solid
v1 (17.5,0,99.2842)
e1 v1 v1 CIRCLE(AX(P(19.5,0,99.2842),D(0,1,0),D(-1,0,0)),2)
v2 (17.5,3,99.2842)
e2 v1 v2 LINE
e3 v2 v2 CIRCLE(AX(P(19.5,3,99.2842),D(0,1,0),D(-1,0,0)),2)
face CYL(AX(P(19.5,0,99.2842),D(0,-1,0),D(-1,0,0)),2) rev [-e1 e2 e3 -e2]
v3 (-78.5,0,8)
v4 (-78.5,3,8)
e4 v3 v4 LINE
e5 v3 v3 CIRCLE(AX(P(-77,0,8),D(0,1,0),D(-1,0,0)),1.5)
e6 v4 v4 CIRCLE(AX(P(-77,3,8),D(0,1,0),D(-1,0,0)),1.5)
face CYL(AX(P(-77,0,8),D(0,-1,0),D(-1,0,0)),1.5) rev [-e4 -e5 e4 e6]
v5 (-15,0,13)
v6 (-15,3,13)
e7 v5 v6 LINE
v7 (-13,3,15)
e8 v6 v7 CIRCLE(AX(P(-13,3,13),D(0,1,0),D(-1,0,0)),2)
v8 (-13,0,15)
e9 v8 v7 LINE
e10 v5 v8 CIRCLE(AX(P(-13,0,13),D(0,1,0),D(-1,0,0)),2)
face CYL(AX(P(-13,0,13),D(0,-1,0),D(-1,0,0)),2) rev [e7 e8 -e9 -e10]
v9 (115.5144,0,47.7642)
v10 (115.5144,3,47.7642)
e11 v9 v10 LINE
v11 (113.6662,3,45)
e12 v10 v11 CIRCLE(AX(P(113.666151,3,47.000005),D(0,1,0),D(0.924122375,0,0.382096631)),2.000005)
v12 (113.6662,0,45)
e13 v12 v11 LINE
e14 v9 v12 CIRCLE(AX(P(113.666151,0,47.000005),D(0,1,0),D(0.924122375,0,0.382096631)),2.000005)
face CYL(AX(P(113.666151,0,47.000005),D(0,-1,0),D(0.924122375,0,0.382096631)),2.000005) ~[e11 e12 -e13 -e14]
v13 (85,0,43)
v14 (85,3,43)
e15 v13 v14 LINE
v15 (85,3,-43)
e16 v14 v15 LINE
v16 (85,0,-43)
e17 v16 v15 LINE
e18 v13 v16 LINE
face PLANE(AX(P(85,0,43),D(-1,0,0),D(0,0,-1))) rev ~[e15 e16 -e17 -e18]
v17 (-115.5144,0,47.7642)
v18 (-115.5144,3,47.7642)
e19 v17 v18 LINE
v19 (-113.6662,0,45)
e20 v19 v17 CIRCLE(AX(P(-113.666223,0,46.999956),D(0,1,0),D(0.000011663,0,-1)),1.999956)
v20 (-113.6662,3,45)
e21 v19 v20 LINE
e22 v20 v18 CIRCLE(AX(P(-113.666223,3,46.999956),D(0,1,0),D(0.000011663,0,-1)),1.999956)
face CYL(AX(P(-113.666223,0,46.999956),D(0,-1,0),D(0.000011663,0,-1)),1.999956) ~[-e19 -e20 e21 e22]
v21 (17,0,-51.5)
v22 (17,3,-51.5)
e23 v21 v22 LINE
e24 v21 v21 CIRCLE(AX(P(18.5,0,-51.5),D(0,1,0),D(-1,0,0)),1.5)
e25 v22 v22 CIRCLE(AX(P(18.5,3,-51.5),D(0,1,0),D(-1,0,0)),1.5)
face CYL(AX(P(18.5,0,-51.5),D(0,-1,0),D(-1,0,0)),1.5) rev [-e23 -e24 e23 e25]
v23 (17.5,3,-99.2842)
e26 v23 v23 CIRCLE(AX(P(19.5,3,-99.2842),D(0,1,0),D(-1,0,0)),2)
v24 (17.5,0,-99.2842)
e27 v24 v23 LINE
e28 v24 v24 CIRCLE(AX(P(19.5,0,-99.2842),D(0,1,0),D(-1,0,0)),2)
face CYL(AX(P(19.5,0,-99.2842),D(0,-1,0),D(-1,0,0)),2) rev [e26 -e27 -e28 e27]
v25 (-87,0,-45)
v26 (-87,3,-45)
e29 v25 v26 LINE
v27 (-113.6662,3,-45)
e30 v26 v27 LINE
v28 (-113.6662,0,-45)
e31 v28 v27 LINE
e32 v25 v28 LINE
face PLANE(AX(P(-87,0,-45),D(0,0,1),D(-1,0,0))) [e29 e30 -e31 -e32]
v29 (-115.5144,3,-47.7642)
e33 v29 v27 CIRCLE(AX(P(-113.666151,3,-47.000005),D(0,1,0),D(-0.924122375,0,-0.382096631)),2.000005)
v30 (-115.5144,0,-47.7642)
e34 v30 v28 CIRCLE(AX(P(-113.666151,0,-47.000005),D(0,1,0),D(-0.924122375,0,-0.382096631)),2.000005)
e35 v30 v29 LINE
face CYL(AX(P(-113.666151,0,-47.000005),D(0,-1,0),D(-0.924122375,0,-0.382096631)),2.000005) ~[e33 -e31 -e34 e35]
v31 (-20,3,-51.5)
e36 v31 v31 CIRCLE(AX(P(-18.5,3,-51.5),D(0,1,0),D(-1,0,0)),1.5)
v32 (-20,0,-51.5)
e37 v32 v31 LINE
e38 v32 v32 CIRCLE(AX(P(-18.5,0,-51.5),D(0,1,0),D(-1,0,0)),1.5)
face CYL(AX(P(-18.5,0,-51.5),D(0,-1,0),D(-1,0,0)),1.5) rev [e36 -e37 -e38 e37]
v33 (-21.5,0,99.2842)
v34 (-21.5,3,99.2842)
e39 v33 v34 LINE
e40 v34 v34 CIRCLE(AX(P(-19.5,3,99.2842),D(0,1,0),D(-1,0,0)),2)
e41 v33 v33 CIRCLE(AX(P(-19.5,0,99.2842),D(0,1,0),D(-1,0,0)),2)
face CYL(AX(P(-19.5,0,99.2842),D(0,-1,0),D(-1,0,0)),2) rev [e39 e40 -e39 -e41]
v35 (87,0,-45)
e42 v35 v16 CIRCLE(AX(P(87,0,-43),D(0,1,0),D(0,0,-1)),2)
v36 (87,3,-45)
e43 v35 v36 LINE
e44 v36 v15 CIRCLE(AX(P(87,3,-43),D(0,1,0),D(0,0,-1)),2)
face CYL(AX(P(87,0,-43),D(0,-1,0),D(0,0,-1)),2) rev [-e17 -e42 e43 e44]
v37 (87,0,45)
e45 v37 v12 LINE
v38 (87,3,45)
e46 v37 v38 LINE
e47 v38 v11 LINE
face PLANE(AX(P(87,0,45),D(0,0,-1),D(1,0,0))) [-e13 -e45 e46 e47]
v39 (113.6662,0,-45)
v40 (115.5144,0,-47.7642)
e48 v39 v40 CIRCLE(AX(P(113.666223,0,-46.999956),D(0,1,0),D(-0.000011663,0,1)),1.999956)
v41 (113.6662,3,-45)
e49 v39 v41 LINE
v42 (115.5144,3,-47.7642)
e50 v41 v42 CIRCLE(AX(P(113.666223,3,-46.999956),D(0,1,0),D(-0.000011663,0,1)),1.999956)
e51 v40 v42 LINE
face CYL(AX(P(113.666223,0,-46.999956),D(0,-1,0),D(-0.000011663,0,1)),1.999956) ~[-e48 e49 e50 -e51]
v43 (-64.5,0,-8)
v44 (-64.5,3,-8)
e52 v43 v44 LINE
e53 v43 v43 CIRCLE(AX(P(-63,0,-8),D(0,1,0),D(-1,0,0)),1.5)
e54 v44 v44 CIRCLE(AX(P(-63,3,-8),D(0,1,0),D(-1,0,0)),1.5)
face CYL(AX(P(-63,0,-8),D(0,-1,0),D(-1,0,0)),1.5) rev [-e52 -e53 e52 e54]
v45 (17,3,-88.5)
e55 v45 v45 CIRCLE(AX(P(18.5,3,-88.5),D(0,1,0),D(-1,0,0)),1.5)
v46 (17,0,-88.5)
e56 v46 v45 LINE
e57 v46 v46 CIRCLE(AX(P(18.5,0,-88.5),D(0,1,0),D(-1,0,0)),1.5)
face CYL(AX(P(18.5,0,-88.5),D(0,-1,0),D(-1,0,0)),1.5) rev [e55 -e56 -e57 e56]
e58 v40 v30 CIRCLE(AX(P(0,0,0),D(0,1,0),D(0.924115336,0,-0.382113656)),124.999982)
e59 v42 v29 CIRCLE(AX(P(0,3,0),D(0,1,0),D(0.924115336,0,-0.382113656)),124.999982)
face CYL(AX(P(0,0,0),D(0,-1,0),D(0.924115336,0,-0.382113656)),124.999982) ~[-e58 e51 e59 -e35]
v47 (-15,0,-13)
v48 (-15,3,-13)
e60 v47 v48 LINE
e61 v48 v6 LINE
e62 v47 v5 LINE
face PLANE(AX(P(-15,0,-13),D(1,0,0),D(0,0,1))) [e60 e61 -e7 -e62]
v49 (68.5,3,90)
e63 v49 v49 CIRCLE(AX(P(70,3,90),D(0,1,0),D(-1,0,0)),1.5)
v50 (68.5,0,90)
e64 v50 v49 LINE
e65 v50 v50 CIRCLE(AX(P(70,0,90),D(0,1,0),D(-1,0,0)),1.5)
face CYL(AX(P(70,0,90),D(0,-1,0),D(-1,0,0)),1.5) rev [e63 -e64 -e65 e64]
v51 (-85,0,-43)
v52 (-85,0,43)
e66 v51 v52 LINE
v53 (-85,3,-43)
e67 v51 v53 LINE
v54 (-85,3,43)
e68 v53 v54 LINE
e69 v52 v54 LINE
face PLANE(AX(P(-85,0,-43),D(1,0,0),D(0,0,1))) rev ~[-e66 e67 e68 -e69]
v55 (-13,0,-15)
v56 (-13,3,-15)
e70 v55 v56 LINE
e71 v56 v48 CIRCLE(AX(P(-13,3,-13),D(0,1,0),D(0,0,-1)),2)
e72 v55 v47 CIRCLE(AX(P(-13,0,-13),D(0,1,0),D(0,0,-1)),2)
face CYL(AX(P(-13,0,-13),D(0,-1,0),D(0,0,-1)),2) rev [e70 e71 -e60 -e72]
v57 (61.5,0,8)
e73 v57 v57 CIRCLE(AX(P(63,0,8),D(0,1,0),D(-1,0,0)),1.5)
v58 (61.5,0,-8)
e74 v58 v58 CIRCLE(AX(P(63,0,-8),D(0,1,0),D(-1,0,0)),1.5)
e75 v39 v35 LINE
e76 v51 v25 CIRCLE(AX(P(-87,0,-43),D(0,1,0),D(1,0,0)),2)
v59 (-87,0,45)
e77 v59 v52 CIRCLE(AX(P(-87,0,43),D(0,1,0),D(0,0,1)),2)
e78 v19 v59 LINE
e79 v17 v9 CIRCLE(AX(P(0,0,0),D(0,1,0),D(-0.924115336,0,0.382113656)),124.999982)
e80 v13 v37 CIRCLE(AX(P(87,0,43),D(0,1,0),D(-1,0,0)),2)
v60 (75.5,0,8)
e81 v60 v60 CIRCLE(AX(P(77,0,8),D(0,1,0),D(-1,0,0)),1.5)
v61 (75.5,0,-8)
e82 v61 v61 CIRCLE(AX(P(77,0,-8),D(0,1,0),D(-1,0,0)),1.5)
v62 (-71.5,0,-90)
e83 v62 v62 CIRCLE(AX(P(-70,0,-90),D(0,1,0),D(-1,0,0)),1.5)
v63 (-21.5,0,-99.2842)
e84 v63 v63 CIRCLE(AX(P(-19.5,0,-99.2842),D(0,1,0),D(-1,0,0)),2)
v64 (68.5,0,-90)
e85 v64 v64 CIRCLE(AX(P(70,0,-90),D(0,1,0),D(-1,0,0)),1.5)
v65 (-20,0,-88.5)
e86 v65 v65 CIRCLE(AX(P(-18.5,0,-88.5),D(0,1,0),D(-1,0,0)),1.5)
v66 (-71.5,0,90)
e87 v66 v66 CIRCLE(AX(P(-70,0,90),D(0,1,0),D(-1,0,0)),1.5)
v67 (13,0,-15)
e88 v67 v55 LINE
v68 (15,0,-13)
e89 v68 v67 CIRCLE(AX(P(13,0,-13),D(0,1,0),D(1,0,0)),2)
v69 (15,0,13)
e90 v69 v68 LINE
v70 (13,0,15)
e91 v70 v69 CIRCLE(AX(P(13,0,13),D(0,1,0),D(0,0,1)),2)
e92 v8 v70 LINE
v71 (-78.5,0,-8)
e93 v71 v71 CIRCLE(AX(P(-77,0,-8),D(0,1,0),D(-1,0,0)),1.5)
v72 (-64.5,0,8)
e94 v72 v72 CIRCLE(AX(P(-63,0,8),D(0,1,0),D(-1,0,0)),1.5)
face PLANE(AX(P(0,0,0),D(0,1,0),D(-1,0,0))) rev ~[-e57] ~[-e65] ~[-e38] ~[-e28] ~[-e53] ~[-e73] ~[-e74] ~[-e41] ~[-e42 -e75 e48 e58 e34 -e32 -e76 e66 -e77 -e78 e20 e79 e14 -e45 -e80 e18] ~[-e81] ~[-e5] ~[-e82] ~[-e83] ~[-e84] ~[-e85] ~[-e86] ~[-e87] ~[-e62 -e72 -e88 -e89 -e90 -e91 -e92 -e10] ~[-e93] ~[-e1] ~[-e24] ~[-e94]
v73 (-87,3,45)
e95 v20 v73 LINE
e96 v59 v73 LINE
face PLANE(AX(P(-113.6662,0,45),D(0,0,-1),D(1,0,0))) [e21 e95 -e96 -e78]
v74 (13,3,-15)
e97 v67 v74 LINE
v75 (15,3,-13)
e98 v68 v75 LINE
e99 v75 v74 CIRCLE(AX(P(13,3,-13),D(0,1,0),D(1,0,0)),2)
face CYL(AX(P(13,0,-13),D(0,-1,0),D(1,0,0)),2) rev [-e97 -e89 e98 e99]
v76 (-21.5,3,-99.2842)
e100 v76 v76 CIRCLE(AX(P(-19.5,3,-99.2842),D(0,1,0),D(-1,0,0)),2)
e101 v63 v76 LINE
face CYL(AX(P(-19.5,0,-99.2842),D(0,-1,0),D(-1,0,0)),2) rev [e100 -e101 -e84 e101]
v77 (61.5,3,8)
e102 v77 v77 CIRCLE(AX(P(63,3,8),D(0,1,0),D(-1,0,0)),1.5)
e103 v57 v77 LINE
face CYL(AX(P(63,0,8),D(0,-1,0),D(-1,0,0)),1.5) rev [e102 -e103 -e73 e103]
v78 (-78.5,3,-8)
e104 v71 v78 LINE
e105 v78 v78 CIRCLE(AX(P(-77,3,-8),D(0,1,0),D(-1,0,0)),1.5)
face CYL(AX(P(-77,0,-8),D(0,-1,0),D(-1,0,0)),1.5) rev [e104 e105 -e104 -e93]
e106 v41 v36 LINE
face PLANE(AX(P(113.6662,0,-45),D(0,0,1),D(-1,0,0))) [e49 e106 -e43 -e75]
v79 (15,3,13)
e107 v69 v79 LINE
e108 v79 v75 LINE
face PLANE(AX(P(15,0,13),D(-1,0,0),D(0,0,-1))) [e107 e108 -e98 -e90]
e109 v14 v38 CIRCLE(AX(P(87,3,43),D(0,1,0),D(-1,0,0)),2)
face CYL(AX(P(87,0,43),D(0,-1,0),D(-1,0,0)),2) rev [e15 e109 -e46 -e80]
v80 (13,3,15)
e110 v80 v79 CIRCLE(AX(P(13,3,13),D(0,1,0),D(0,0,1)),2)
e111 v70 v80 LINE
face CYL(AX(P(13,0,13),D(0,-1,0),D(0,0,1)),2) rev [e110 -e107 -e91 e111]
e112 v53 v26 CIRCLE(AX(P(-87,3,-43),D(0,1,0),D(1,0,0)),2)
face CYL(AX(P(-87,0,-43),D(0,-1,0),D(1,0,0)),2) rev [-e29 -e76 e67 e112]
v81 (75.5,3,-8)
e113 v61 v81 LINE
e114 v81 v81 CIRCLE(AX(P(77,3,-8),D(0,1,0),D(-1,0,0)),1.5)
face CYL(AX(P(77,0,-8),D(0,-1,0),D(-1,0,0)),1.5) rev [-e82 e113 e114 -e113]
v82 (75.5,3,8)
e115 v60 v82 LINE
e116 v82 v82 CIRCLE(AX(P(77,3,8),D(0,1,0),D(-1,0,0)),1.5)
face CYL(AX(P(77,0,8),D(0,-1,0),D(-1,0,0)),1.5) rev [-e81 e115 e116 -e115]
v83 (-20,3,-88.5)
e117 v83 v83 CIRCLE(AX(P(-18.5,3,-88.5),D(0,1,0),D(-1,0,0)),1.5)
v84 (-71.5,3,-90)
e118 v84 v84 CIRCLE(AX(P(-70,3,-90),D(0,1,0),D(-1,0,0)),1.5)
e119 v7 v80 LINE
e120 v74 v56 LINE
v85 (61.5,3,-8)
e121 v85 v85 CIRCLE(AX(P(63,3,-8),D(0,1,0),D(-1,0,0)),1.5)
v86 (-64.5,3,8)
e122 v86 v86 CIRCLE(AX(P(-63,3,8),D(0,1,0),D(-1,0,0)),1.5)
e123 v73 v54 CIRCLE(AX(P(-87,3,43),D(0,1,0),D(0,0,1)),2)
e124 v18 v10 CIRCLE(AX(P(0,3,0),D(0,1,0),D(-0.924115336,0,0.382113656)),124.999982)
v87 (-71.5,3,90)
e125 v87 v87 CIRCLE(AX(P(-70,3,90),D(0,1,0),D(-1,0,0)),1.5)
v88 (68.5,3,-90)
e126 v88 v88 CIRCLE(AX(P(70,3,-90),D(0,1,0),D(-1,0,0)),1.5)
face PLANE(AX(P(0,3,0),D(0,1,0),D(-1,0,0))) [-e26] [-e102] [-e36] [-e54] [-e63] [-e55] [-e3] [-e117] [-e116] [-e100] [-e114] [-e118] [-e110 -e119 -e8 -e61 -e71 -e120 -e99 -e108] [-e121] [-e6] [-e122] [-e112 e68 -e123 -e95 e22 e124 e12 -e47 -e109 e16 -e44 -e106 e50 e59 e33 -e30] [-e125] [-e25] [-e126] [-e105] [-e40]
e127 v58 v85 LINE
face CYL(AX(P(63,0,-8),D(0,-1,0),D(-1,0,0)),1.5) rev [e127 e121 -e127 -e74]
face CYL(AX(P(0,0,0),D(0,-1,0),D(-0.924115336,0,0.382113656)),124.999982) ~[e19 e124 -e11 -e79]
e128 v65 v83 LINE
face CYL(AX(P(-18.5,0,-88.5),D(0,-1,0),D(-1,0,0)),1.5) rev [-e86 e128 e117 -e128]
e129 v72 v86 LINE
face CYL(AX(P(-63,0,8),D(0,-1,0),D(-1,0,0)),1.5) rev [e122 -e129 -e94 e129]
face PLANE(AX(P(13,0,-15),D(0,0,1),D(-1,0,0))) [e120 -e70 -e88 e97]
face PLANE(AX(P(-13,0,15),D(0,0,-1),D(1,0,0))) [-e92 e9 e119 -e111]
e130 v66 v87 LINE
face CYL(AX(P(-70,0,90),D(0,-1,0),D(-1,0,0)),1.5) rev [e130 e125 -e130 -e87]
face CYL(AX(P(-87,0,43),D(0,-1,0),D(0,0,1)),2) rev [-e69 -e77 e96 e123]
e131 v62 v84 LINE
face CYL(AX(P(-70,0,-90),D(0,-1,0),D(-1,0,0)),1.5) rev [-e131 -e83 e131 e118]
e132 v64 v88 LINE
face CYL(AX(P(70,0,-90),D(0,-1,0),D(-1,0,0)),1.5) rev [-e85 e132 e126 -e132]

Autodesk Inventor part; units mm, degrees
ref_plane "YZ Plane" through (0, 0, 0) normal (1, 0, 0) x (0, 1, 0)
ref_plane "XZ Plane" through (0, 0, 0) normal (0, 1, 0) x (-1, 0, 0)
ref_plane "XY Plane" through (0, 0, 0) normal (0, 0, 1) x (1, 0, 0)
sketch "Sketch1" plane through (0, 0, 0) normal (0, 1, 0) x (-1, 0, 0)
  line L0 (-85, 43) -> (-85, -43)
  line L1 (85, -43) -> (85, 43)
  arc A0 (-115.5144, -47.7642) -> (115.5144, -47.7642) centre (0, 0) ccw
  arc A1 (115.5144, 47.7642) -> (-115.5144, 47.7642) centre (0, 0) ccw
  line L2 (113.6662, 45) -> (87, 45)
  line L3 (-87, 45) -> (-113.6662, 45)
  line L4 (87, -45) -> (113.6662, -45)
  line L5 (-113.6662, -45) -> (-87, -45)
  circle A2 centre (63, -8) radius 1.5
  circle A3 centre (63, 8) radius 1.5
  circle A4 centre (77, 8) radius 1.5
  circle A5 centre (77, -8) radius 1.5
  circle A6 centre (-63, -8) radius 1.5
  circle A7 centre (-63, 8) radius 1.5
  circle A8 centre (-77, 8) radius 1.5
  circle A9 centre (-77, -8) radius 1.5
  circle A10 centre (70, -90) radius 1.5
  circle A11 centre (-70, -90) radius 1.5
  circle A12 centre (-70, 90) radius 1.5
  circle A13 centre (70, 90) radius 1.5
  line L6 (13, 15) -> (-13, 15)
  line L7 (-15, 13) -> (-15, -13)
  line L8 (-13, -15) -> (13, -15)
  line L9 (15, -13) -> (15, 13)
  circle A14 centre (-18.5, -51.5) radius 1.5
  circle A15 centre (-18.5, -88.5) radius 1.5
  circle A16 centre (18.5, -88.5) radius 1.5
  circle A17 centre (18.5, -51.5) radius 1.5
  arc A18 (115.5144, -47.7642) -> (113.6662, -45) centre (113.6662, -47) ccw
  arc A19 (85, -43) -> (87, -45) centre (87, -43) ccw
  arc A20 (87, 45) -> (85, 43) centre (87, 43) ccw
  arc A21 (113.6662, 45) -> (115.5144, 47.7642) centre (113.6662, 47) ccw
  arc A22 (-115.5144, 47.7642) -> (-113.6662, 45) centre (-113.6662, 47) ccw
  arc A23 (-85, 43) -> (-87, 45) centre (-87, 43) ccw
  arc A24 (-87, -45) -> (-85, -43) centre (-87, -43) ccw
  arc A25 (-113.6662, -45) -> (-115.5144, -47.7642) centre (-113.6662, -47) ccw
  arc A26 (-15, -13) -> (-13, -15) centre (-13, -13) ccw
  arc A27 (-13, 15) -> (-15, 13) centre (-13, 13) ccw
  arc A28 (15, 13) -> (13, 15) centre (13, 13) ccw
  arc A29 (13, -15) -> (15, -13) centre (13, -13) ccw
  circle A30 centre (-19.5, -99.2842) radius 2
  circle A31 centre (19.5, -99.2842) radius 2
  circle A32 centre (-19.5, 99.2842) radius 2
  circle A33 centre (19.5, 99.2842) radius 2
  point P0 (116.619, -45)
  point P1 (116.619, 45)
  point P2 (-116.619, 45)
  point P3 (-116.619, -45)
  point P4 (85, 0)
extrude "Extrusion2" add sketch "Sketch1" along normal blind 3
